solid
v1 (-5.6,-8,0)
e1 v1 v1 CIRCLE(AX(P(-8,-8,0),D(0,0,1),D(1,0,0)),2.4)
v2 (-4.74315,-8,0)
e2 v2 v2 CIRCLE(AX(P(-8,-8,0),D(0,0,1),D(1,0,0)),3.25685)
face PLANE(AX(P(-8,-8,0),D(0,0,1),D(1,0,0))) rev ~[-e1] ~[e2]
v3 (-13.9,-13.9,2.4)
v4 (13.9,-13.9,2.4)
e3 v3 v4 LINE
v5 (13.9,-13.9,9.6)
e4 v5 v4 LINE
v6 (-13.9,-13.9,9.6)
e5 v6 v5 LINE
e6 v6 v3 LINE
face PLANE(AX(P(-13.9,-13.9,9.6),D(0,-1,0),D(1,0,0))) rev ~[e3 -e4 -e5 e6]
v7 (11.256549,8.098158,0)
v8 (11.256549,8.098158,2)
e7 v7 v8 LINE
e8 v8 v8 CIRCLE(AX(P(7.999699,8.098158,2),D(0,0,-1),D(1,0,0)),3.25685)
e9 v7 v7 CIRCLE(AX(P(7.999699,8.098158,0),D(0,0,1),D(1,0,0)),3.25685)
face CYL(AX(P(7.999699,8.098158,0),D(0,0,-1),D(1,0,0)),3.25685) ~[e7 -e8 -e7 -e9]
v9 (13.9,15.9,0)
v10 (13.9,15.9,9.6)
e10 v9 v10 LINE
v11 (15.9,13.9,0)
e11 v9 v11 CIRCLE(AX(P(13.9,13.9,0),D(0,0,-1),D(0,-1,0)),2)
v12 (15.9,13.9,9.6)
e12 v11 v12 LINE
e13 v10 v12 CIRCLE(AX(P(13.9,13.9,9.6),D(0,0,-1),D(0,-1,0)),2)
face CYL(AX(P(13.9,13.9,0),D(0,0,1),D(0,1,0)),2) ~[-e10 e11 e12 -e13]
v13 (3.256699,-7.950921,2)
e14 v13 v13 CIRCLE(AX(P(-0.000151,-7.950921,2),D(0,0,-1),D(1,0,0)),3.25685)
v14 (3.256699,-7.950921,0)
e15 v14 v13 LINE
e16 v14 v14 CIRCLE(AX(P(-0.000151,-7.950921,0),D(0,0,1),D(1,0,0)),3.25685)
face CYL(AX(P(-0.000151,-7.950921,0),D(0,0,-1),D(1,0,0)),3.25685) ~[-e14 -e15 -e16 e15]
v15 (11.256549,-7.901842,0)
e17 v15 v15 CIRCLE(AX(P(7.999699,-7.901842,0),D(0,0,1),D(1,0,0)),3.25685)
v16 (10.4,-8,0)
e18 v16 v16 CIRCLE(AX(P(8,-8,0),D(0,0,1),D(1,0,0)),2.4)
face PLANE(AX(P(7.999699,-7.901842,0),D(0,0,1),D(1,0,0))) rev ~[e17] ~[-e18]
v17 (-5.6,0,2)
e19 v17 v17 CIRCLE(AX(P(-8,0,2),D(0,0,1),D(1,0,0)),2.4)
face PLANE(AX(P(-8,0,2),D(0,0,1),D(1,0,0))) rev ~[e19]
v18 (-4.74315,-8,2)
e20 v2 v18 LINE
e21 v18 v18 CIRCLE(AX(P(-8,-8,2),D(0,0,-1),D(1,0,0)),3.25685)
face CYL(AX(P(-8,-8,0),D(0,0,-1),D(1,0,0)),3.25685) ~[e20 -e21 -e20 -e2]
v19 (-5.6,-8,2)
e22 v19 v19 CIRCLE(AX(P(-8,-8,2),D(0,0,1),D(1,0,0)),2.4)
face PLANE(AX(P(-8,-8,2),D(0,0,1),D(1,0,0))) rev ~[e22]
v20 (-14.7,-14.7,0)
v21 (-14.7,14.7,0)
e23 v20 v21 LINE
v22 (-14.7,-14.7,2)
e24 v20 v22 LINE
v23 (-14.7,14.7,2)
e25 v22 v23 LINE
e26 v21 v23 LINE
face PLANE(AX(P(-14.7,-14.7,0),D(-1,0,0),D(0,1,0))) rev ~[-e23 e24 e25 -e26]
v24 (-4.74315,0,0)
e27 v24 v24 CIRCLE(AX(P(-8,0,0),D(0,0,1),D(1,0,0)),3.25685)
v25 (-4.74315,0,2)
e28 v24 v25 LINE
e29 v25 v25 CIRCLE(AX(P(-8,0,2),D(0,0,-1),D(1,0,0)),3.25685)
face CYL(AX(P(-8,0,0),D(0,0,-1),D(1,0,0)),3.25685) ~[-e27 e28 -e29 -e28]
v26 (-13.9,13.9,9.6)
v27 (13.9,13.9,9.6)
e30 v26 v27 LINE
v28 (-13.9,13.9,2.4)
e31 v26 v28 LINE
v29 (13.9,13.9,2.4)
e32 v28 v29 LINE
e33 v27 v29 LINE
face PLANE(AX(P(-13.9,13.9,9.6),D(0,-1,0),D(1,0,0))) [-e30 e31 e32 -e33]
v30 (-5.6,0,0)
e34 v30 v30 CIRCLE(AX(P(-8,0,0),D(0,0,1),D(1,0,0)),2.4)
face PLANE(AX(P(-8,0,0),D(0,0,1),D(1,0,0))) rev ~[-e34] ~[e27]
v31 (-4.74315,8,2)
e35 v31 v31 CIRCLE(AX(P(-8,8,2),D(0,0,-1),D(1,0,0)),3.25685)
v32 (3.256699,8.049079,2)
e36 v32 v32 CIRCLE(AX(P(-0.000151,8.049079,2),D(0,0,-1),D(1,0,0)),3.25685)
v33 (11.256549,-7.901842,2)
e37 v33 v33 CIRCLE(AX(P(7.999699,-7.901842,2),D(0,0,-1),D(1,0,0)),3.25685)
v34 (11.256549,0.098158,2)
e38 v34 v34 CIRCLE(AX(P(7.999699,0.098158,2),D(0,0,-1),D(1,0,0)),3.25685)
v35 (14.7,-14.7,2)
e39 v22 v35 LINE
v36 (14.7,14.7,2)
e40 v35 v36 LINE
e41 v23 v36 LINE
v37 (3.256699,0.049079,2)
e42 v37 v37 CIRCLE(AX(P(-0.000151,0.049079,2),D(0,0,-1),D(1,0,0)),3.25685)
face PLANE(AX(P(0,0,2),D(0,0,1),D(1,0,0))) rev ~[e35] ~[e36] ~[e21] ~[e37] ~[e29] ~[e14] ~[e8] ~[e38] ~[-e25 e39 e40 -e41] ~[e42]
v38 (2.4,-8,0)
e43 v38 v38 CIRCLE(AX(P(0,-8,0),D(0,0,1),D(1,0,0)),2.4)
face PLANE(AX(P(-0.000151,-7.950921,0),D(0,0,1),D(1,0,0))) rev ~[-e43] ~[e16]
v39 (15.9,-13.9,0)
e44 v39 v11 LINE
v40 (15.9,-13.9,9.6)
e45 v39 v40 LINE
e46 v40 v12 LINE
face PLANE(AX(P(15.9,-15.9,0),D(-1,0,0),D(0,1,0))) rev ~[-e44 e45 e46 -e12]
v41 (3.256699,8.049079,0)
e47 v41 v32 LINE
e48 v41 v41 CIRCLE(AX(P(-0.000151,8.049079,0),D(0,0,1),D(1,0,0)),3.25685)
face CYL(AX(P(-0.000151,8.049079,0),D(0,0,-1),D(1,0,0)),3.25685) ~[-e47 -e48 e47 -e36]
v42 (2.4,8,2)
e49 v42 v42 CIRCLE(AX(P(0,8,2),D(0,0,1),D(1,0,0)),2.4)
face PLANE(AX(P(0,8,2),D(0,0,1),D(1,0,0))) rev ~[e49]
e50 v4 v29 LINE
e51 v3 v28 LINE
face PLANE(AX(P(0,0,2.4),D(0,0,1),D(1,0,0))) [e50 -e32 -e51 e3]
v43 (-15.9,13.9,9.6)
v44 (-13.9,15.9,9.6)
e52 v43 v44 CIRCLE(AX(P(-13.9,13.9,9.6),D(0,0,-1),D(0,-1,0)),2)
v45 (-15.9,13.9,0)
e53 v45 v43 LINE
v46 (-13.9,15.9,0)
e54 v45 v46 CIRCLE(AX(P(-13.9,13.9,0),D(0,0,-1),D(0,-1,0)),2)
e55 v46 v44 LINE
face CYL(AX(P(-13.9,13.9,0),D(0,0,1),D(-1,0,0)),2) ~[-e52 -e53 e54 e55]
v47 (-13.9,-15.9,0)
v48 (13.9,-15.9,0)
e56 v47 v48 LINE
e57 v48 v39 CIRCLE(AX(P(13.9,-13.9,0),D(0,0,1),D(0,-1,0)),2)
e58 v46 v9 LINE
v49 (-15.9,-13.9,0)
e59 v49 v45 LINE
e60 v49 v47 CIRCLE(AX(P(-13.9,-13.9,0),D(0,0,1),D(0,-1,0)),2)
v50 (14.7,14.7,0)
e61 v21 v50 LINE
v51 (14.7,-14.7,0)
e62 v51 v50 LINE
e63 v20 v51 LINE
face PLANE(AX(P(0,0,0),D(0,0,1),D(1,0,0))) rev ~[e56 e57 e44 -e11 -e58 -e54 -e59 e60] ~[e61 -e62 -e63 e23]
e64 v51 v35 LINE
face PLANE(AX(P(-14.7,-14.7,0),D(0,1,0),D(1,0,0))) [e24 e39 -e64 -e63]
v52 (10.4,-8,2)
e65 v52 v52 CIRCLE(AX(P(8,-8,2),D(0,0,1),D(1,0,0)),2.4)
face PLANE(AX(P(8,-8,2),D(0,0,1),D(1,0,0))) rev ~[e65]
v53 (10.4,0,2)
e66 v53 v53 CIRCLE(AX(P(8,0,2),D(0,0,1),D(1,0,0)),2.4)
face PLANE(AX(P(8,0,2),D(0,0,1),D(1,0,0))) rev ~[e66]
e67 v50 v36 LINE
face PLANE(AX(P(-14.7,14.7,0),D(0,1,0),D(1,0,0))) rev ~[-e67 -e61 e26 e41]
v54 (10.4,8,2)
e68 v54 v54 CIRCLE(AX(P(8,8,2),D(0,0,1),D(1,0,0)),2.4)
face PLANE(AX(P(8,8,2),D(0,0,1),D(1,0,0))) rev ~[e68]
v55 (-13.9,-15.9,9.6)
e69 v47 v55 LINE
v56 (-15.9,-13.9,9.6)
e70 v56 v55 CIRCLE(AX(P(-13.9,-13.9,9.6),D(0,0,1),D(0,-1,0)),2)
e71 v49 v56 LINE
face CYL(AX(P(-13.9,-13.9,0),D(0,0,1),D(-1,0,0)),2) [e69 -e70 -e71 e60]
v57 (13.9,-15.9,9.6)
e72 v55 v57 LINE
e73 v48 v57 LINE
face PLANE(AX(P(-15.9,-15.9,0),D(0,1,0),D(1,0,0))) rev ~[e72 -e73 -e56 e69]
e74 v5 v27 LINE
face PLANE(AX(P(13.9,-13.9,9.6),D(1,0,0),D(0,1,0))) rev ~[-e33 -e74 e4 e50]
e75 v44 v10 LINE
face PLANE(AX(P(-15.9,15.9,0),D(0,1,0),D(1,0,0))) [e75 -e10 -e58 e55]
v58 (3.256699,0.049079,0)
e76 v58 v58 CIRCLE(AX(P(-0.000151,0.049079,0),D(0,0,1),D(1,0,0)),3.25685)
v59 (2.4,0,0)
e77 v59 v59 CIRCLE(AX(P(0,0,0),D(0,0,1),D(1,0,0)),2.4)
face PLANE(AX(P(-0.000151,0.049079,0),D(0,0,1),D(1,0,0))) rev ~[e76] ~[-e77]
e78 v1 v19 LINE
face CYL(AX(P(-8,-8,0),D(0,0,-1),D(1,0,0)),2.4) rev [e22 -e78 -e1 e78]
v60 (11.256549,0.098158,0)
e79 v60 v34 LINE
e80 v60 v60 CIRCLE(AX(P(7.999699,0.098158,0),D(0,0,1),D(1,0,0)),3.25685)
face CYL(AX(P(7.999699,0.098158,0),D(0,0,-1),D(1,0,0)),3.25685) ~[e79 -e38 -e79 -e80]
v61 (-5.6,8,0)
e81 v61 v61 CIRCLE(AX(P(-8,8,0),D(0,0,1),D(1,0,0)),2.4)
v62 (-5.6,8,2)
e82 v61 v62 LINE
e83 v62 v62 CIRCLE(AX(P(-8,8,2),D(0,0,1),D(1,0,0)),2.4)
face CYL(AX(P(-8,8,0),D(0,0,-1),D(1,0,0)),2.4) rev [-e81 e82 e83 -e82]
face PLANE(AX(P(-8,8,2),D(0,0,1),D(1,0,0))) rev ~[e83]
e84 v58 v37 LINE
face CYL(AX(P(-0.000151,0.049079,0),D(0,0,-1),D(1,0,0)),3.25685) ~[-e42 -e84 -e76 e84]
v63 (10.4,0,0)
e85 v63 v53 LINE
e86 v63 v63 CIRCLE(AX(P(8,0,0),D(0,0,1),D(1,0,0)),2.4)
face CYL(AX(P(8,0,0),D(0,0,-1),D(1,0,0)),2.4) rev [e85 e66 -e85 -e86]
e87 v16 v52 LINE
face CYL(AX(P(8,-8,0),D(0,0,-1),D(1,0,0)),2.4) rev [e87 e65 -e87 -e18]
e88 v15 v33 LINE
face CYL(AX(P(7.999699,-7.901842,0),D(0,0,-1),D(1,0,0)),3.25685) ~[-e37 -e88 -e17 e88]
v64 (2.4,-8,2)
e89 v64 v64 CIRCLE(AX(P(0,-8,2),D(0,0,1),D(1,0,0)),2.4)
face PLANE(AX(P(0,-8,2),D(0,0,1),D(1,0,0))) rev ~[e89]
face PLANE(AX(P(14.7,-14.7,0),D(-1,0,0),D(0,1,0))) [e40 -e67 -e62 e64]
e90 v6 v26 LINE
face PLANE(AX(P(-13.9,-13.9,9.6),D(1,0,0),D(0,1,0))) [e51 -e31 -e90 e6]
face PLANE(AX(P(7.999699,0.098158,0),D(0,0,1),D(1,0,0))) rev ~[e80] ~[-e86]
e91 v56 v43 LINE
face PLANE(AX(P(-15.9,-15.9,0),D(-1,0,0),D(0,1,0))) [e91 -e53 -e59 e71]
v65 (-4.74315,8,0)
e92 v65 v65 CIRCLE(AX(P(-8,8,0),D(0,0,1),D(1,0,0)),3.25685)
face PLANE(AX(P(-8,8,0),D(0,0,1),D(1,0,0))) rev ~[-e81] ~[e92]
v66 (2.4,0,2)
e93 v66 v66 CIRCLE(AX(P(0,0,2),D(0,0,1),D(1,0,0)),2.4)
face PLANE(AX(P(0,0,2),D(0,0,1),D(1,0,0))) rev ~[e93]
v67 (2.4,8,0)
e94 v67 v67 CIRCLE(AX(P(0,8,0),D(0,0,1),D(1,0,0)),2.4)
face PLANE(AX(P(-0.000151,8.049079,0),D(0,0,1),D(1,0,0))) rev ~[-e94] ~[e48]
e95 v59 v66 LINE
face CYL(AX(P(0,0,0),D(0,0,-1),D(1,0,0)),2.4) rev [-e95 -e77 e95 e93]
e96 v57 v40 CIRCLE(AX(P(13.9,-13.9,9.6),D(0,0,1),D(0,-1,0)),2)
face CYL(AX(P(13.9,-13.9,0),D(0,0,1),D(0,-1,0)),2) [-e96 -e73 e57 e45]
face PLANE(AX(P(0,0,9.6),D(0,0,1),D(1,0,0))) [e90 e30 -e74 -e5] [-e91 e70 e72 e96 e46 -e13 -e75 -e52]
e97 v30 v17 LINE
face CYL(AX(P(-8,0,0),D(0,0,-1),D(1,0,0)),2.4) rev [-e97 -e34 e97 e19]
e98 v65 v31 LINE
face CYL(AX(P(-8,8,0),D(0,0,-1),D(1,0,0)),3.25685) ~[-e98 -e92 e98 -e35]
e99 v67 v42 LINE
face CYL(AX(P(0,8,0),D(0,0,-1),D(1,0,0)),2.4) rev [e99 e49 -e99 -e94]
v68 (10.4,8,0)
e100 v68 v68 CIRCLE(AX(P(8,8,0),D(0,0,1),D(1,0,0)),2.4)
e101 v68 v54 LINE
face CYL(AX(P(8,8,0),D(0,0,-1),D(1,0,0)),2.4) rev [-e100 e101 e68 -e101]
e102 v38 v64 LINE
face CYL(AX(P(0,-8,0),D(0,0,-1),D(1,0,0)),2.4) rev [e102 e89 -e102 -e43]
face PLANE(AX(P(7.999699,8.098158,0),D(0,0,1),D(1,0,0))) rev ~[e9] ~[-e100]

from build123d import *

# Parameters (mm, degrees)
F0_W      = 31.8
F0_H      = 31.8
F1_DEPTH  = 9.6
F2_W      = 29.4
F2_H      = 29.4
F3_DEPTH  = 2
F4_R      = 2
F6_W      = 27.8
F6_H      = 27.8
F7_DEPTH  = 7.2
F8_R      = 3.25685
F10_DEPTH = 2.4
F9_R      = 2.4
F11_DEPTH = 2


with BuildPart() as f1:
    # F0 (on Top) → F1 (new body)
    with BuildSketch(Plane.XY):
        Rectangle(F0_W, F0_H)
    extrude(amount=F1_DEPTH)

    # F2 (on Top) → F3 (cut)
    with BuildSketch(Plane.XY):
        Rectangle(F2_W, F2_H)
    extrude(amount=F3_DEPTH, mode=Mode.SUBTRACT)

    # F4
    f4_edges = [f1.edges().sort_by_distance(p)[0] for p in [
        (-15.9, -15.9, 4.8),
        (-15.9, 15.9, 4.8),
        (15.9, 15.9, 4.8),
        (15.9, -15.9, 4.8),
    ]]
    fillet(f4_edges, radius=F4_R)

    # F6 (on offset) → F7 (cut)
    with BuildSketch(Plane.XY.offset(9.6)):
        Rectangle(F6_W, F6_H)
    extrude(amount=-F7_DEPTH, mode=Mode.SUBTRACT)

    # F8 (on Top) → F10 (join)
    with BuildSketch(Plane.XY):
        with Locations((-8, -8)):
            Circle(F8_R)
        with Locations((-8, 0)):
            Circle(F8_R)
        with Locations((-8, 8)):
            Circle(F8_R)
        with Locations((-0.000151, -7.950921)):
            Circle(F8_R)
        with Locations((-0.000151, 0.049079)):
            Circle(F8_R)
        with Locations((-0.000151, 8.049079)):
            Circle(F8_R)
        with Locations((7.999699, -7.901842)):
            Circle(F8_R)
        with Locations((7.999699, 0.098158)):
            Circle(F8_R)
        with Locations((7.999699, 8.098158)):
            Circle(F8_R)
    extrude(amount=F10_DEPTH)

    # F9 (on Top) → F11 (cut)
    with BuildSketch(Plane.XY):
        with Locations((-8, -8)):
            Circle(F9_R)
        with Locations((-8, 0)):
            Circle(F9_R)
        with Locations((-8, 8)):
            Circle(F9_R)
        with Locations((0, -8)):
            Circle(F9_R)
        Circle(F9_R)
        with Locations((0, 8)):
            Circle(F9_R)
        with Locations((8, -8)):
            Circle(F9_R)
        with Locations((8, 0)):
            Circle(F9_R)
        with Locations((8, 8)):
            Circle(F9_R)
    extrude(amount=F11_DEPTH, mode=Mode.SUBTRACT)


solid = f1.part
